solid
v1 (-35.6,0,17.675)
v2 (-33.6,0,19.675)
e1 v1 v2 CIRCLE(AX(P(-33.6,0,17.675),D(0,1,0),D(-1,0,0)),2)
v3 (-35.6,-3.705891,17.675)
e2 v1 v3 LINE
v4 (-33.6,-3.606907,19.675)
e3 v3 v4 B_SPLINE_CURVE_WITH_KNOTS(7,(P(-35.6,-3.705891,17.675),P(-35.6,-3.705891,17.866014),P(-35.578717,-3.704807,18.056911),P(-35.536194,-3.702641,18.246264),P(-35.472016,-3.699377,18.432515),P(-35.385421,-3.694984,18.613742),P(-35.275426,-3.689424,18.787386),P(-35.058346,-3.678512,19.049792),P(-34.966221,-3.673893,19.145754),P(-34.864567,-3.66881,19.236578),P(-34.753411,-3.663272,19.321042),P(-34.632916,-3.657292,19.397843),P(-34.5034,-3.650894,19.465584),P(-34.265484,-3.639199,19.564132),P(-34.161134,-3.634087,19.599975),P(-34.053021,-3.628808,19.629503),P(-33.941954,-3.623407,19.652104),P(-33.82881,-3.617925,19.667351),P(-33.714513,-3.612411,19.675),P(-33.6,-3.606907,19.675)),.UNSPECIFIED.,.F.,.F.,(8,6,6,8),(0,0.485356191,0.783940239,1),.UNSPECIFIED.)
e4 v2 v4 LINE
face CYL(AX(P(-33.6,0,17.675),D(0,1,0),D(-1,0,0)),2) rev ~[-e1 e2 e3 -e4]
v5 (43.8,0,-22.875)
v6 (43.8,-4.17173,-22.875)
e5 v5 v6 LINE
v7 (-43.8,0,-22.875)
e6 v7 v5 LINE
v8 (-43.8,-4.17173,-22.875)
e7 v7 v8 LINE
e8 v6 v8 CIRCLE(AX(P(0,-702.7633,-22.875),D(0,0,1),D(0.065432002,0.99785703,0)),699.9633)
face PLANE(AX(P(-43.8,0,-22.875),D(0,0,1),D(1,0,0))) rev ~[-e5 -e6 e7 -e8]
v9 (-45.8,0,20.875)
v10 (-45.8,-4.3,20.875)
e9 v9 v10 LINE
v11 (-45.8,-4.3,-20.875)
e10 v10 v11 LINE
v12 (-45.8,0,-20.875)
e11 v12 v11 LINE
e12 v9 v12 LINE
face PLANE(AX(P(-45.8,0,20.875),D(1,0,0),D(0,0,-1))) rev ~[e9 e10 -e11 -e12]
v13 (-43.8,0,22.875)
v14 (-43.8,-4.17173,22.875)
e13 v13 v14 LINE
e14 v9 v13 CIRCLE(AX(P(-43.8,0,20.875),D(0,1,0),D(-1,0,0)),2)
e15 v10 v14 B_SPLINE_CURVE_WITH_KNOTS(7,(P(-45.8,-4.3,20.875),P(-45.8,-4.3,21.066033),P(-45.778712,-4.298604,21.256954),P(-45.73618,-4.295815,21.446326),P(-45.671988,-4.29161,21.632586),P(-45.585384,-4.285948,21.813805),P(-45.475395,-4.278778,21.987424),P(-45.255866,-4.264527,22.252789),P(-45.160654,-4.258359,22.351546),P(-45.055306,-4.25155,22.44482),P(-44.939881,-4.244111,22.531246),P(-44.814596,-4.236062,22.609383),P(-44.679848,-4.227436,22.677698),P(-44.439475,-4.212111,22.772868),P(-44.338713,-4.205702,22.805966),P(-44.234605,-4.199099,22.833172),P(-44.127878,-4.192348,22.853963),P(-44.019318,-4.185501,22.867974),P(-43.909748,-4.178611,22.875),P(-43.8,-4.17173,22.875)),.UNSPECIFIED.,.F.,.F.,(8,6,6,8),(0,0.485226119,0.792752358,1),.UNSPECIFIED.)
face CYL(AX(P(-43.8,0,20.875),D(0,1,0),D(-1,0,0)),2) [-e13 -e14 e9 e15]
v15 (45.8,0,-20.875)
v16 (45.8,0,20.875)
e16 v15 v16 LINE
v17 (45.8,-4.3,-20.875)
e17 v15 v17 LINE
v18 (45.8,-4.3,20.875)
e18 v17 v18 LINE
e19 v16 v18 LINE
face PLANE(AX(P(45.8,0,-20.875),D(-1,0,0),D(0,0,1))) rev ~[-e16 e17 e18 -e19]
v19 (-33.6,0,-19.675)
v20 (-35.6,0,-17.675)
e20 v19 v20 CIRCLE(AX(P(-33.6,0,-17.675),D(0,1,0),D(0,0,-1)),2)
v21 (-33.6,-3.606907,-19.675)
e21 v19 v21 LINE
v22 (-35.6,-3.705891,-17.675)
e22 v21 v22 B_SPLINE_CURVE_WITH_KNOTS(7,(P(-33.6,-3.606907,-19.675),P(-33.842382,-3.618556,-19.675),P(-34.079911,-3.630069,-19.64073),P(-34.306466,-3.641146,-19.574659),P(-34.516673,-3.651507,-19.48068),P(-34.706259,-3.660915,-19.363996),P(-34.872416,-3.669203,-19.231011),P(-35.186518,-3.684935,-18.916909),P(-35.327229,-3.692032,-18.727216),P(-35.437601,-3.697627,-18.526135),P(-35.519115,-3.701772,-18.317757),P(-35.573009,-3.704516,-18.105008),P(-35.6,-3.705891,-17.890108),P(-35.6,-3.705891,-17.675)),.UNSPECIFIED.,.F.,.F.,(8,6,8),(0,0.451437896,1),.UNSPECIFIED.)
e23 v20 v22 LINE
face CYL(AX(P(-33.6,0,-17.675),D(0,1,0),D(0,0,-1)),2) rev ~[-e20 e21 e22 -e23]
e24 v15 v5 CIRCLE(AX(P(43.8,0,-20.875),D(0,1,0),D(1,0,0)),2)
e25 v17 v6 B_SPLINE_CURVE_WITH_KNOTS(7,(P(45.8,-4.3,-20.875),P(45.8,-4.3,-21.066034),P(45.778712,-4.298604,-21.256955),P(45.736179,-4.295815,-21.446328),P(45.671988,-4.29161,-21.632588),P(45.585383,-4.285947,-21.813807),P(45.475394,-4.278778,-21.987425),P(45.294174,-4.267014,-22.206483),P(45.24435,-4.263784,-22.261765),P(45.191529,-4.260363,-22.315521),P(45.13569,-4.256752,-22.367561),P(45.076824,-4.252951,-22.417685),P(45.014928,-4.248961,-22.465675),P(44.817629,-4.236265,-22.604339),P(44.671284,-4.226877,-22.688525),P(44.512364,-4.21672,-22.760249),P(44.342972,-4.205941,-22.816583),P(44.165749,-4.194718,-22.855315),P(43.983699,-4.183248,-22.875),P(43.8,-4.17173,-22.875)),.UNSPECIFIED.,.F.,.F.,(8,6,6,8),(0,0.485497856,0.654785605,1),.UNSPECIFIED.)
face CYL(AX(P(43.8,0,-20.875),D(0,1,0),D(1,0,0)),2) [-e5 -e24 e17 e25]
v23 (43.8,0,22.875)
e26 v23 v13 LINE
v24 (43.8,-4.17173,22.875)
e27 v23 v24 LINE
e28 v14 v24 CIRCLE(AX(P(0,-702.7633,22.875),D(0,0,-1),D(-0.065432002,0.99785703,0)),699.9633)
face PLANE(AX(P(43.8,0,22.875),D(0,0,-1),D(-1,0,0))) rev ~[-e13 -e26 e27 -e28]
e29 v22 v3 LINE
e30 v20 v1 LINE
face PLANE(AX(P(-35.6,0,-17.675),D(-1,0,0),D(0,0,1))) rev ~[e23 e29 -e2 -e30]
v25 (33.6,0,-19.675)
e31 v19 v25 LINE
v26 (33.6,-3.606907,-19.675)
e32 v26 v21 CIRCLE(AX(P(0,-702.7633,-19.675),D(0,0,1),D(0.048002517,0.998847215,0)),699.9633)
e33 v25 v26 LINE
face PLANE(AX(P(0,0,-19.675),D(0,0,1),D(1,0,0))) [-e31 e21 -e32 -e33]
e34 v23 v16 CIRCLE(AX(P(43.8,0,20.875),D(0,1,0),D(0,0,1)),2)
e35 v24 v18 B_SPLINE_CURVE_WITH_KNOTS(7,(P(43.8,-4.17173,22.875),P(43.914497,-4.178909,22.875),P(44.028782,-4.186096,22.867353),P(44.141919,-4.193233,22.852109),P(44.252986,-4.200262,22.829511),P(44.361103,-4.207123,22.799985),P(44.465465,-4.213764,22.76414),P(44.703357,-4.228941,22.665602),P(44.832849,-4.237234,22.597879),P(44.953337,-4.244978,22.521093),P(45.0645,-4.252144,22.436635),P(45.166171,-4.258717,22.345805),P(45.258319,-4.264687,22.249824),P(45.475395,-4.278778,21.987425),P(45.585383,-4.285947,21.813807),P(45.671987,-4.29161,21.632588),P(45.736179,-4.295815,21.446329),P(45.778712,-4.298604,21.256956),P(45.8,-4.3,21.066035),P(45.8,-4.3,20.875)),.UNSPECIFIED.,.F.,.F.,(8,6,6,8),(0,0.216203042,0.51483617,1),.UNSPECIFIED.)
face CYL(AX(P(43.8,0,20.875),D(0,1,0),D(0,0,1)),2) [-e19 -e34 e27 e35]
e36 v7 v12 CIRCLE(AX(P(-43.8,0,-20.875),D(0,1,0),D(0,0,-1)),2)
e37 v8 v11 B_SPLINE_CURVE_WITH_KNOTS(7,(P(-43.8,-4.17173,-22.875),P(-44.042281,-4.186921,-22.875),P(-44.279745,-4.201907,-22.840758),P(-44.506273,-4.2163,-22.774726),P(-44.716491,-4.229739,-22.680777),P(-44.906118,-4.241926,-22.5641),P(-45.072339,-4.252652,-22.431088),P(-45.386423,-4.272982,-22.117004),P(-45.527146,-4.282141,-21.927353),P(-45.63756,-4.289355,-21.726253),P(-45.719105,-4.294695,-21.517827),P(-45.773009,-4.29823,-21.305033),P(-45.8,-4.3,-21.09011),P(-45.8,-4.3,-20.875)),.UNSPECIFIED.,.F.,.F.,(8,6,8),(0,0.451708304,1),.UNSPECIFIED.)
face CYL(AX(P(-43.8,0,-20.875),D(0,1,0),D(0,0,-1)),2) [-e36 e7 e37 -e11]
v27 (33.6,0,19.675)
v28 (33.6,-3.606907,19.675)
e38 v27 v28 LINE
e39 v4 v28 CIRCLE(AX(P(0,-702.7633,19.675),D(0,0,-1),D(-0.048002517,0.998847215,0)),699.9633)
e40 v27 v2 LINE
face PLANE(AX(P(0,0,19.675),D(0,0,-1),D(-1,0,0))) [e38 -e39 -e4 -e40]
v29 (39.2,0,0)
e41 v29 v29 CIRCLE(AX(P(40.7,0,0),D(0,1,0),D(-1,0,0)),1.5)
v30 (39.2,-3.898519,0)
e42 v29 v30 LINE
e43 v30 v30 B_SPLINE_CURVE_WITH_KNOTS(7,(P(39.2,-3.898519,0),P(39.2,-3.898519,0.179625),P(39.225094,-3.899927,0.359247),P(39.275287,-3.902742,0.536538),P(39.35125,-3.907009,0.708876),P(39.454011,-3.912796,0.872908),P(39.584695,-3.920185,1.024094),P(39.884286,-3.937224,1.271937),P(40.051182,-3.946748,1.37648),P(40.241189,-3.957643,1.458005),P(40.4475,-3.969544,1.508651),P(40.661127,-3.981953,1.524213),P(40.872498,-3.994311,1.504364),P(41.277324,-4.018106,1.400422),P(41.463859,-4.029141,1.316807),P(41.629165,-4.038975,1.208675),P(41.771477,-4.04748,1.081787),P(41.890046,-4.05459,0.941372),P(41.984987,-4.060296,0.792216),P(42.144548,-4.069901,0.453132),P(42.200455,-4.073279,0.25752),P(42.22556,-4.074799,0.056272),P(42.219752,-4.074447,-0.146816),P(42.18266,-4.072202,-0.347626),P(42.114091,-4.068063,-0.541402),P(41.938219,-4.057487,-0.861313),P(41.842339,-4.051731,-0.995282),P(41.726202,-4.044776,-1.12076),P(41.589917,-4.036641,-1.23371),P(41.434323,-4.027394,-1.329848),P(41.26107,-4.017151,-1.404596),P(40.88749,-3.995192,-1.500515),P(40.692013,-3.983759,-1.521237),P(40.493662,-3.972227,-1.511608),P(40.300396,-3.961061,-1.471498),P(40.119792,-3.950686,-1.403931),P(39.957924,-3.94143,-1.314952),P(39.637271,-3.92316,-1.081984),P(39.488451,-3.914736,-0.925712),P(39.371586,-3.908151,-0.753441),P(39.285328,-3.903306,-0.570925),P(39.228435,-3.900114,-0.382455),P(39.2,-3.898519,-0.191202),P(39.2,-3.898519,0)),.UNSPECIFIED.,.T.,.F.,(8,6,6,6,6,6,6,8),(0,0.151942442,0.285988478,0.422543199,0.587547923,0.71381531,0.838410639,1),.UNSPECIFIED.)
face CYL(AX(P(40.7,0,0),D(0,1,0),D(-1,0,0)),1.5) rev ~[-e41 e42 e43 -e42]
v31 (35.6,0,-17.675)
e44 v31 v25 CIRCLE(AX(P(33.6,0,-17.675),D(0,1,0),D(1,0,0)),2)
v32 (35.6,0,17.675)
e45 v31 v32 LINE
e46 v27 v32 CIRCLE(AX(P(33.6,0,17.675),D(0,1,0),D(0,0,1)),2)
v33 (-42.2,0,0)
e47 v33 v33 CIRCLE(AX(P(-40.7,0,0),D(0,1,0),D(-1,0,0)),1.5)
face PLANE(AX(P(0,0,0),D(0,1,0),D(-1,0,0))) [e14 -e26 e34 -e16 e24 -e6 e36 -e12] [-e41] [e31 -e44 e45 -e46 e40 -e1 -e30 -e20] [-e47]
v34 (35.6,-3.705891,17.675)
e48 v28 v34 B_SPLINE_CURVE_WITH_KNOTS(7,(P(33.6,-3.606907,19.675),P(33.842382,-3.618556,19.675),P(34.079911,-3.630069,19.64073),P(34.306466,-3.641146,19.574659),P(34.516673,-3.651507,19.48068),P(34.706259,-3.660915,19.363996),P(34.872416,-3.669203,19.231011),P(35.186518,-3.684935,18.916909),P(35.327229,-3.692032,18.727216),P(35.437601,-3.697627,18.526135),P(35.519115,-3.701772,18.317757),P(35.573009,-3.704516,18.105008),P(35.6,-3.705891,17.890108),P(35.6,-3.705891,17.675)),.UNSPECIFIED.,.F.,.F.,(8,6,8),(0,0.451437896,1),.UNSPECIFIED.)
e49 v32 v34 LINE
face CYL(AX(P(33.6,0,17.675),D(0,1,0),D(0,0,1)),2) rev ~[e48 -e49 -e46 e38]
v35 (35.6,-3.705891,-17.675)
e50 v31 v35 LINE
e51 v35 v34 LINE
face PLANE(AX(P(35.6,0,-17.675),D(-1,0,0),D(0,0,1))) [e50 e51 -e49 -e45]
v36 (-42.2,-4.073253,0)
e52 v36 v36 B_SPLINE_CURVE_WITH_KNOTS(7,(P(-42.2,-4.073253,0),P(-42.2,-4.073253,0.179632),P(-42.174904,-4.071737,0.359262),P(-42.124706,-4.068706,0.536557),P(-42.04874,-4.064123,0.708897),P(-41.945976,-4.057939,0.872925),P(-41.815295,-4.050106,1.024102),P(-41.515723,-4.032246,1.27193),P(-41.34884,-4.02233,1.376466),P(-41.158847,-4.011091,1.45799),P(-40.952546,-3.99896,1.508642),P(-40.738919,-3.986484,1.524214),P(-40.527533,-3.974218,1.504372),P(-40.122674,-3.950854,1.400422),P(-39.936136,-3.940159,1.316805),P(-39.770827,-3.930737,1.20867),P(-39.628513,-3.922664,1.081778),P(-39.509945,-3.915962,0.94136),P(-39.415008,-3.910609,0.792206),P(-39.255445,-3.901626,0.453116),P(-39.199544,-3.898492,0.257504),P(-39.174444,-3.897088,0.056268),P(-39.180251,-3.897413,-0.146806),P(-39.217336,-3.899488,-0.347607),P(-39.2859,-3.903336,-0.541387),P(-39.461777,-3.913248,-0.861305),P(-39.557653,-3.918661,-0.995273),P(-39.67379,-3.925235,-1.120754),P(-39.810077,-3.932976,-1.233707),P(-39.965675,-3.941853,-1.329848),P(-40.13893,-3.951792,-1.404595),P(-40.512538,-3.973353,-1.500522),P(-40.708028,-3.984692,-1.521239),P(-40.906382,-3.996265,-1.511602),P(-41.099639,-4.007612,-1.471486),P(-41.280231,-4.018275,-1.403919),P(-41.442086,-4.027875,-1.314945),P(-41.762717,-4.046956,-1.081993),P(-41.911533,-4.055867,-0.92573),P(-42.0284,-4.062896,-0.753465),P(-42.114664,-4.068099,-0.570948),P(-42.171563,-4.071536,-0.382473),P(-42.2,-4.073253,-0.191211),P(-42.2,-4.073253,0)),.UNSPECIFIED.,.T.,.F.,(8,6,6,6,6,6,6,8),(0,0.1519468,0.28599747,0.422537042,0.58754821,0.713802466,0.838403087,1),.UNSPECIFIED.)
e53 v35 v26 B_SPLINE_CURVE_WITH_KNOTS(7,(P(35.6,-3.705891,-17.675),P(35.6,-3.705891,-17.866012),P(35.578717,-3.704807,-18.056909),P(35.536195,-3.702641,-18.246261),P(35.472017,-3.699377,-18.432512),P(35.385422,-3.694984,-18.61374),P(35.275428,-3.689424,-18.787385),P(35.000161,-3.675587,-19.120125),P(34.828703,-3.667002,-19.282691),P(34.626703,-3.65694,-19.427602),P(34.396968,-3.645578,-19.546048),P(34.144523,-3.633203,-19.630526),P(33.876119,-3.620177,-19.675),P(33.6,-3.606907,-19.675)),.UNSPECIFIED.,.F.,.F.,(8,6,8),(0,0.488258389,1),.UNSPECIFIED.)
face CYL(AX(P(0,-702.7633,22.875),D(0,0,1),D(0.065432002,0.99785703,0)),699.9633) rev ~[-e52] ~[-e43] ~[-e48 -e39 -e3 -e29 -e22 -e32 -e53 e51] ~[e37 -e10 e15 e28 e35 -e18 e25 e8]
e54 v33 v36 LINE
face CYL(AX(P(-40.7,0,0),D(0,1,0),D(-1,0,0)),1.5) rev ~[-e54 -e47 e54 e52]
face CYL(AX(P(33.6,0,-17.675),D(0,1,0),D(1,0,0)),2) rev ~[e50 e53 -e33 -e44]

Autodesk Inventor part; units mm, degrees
ref_plane "YZ Plane" through (0, 0, 0) normal (1, 0, 0) x (0, 1, 0)
ref_plane "XZ Plane" through (0, 0, 0) normal (0, 1, 0) x (-1, 0, 0)
ref_plane "XY Plane" through (0, 0, 0) normal (0, 0, 1) x (1, 0, 0)
sketch "Sketch1" plane through (0, 0, 0) normal (0, 1, 0) x (-1, 0, 0)
  line L0 (-43.8, 22.875) -> (43.8, 22.875)
  line L1 (45.8, 20.875) -> (45.8, -20.875)
  line L2 (43.8, -22.875) -> (-43.8, -22.875)
  line L3 (-45.8, -20.875) -> (-45.8, 20.875)
  line L4 (-35.6, -17.675) -> (-35.6, 17.675)
  line L5 (0, -19.675) -> (-33.6, -19.675)
  line L6 (0, 19.675) -> (33.6, 19.675)
  line L7 (35.6, -17.675) -> (35.6, 17.675)
  line L8 (0, -19.675) -> (33.6, -19.675)
  line L9 (0, 19.675) -> (-33.6, 19.675)
  arc A0 (33.6, -19.675) -> (35.6, -17.675) centre (33.6, -17.675) ccw
  arc A1 (35.6, 17.675) -> (33.6, 19.675) centre (33.6, 17.675) ccw
  arc A2 (-33.6, 19.675) -> (-35.6, 17.675) centre (-33.6, 17.675) ccw
  arc A3 (-35.6, -17.675) -> (-33.6, -19.675) centre (-33.6, -17.675) ccw
  circle A4 centre (-40.7, 0) radius 1.5
  circle A5 centre (40.7, 0) radius 1.5
  arc A6 (43.8, -22.875) -> (45.8, -20.875) centre (43.8, -20.875) ccw
  arc A7 (45.8, 20.875) -> (43.8, 22.875) centre (43.8, 20.875) ccw
  arc A8 (-43.8, 22.875) -> (-45.8, 20.875) centre (-43.8, 20.875) ccw
  arc A9 (-45.8, -20.875) -> (-43.8, -22.875) centre (-43.8, -20.875) ccw
  point P0 (0, 0)
  point P1 (-35.6, -22.875)
  point P2 (-35.6, 22.875)
  point P3 (-45.8, -19.675)
  point P4 (45.8, 19.675)
  point P5 (35.6, -22.875)
  point P6 (35.6, 22.875)
  point P7 (45.8, -19.675)
  point P8 (45.8, -20.875)
  point P9 (43.8, -22.875)
  point P10 (43.8, 22.875)
  point P11 (-45.8, 20.875)
  point P12 (-43.8, 22.875)
  point P13 (-43.8, -22.875)
extrude "Extrusion1" add sketch "Sketch1" against normal blind 4.3
sketch "Sketch3" plane through (-43.8, 0, 22.875) normal (0, 0, 1) x (1, 0, 0)
  arc A0 (89.6, -4.3) -> (-2, -4.3) centre (43.8, -702.7633) ccw
  line L0 (89.6, -4.3) -> (-2, -4.3)
  line L1 (4.6, 0) -> (4.6, -4.3) projected
  point P0 (43.8, 0)
extrude "Extrusion3" cut sketch "Sketch3" against normal up to surface (45.75 mm away)
sketch "Sketch4" plane through (0, 0, 0) normal (0, 1, 0) x (1, 0, 0)
  line L0 (-45.8, -20.875) -> (-45.8, 20.875) projected
  line L1 (-45.8, 0) -> (-44.1, 0)
  line L2 (-44.1, 0) -> (-44.1, 27.3017)
  line L3 (-44.1, 0) -> (-44.1, -28.4176)
  point P0 (0, 0)
  dimension "d21" = 1.7
